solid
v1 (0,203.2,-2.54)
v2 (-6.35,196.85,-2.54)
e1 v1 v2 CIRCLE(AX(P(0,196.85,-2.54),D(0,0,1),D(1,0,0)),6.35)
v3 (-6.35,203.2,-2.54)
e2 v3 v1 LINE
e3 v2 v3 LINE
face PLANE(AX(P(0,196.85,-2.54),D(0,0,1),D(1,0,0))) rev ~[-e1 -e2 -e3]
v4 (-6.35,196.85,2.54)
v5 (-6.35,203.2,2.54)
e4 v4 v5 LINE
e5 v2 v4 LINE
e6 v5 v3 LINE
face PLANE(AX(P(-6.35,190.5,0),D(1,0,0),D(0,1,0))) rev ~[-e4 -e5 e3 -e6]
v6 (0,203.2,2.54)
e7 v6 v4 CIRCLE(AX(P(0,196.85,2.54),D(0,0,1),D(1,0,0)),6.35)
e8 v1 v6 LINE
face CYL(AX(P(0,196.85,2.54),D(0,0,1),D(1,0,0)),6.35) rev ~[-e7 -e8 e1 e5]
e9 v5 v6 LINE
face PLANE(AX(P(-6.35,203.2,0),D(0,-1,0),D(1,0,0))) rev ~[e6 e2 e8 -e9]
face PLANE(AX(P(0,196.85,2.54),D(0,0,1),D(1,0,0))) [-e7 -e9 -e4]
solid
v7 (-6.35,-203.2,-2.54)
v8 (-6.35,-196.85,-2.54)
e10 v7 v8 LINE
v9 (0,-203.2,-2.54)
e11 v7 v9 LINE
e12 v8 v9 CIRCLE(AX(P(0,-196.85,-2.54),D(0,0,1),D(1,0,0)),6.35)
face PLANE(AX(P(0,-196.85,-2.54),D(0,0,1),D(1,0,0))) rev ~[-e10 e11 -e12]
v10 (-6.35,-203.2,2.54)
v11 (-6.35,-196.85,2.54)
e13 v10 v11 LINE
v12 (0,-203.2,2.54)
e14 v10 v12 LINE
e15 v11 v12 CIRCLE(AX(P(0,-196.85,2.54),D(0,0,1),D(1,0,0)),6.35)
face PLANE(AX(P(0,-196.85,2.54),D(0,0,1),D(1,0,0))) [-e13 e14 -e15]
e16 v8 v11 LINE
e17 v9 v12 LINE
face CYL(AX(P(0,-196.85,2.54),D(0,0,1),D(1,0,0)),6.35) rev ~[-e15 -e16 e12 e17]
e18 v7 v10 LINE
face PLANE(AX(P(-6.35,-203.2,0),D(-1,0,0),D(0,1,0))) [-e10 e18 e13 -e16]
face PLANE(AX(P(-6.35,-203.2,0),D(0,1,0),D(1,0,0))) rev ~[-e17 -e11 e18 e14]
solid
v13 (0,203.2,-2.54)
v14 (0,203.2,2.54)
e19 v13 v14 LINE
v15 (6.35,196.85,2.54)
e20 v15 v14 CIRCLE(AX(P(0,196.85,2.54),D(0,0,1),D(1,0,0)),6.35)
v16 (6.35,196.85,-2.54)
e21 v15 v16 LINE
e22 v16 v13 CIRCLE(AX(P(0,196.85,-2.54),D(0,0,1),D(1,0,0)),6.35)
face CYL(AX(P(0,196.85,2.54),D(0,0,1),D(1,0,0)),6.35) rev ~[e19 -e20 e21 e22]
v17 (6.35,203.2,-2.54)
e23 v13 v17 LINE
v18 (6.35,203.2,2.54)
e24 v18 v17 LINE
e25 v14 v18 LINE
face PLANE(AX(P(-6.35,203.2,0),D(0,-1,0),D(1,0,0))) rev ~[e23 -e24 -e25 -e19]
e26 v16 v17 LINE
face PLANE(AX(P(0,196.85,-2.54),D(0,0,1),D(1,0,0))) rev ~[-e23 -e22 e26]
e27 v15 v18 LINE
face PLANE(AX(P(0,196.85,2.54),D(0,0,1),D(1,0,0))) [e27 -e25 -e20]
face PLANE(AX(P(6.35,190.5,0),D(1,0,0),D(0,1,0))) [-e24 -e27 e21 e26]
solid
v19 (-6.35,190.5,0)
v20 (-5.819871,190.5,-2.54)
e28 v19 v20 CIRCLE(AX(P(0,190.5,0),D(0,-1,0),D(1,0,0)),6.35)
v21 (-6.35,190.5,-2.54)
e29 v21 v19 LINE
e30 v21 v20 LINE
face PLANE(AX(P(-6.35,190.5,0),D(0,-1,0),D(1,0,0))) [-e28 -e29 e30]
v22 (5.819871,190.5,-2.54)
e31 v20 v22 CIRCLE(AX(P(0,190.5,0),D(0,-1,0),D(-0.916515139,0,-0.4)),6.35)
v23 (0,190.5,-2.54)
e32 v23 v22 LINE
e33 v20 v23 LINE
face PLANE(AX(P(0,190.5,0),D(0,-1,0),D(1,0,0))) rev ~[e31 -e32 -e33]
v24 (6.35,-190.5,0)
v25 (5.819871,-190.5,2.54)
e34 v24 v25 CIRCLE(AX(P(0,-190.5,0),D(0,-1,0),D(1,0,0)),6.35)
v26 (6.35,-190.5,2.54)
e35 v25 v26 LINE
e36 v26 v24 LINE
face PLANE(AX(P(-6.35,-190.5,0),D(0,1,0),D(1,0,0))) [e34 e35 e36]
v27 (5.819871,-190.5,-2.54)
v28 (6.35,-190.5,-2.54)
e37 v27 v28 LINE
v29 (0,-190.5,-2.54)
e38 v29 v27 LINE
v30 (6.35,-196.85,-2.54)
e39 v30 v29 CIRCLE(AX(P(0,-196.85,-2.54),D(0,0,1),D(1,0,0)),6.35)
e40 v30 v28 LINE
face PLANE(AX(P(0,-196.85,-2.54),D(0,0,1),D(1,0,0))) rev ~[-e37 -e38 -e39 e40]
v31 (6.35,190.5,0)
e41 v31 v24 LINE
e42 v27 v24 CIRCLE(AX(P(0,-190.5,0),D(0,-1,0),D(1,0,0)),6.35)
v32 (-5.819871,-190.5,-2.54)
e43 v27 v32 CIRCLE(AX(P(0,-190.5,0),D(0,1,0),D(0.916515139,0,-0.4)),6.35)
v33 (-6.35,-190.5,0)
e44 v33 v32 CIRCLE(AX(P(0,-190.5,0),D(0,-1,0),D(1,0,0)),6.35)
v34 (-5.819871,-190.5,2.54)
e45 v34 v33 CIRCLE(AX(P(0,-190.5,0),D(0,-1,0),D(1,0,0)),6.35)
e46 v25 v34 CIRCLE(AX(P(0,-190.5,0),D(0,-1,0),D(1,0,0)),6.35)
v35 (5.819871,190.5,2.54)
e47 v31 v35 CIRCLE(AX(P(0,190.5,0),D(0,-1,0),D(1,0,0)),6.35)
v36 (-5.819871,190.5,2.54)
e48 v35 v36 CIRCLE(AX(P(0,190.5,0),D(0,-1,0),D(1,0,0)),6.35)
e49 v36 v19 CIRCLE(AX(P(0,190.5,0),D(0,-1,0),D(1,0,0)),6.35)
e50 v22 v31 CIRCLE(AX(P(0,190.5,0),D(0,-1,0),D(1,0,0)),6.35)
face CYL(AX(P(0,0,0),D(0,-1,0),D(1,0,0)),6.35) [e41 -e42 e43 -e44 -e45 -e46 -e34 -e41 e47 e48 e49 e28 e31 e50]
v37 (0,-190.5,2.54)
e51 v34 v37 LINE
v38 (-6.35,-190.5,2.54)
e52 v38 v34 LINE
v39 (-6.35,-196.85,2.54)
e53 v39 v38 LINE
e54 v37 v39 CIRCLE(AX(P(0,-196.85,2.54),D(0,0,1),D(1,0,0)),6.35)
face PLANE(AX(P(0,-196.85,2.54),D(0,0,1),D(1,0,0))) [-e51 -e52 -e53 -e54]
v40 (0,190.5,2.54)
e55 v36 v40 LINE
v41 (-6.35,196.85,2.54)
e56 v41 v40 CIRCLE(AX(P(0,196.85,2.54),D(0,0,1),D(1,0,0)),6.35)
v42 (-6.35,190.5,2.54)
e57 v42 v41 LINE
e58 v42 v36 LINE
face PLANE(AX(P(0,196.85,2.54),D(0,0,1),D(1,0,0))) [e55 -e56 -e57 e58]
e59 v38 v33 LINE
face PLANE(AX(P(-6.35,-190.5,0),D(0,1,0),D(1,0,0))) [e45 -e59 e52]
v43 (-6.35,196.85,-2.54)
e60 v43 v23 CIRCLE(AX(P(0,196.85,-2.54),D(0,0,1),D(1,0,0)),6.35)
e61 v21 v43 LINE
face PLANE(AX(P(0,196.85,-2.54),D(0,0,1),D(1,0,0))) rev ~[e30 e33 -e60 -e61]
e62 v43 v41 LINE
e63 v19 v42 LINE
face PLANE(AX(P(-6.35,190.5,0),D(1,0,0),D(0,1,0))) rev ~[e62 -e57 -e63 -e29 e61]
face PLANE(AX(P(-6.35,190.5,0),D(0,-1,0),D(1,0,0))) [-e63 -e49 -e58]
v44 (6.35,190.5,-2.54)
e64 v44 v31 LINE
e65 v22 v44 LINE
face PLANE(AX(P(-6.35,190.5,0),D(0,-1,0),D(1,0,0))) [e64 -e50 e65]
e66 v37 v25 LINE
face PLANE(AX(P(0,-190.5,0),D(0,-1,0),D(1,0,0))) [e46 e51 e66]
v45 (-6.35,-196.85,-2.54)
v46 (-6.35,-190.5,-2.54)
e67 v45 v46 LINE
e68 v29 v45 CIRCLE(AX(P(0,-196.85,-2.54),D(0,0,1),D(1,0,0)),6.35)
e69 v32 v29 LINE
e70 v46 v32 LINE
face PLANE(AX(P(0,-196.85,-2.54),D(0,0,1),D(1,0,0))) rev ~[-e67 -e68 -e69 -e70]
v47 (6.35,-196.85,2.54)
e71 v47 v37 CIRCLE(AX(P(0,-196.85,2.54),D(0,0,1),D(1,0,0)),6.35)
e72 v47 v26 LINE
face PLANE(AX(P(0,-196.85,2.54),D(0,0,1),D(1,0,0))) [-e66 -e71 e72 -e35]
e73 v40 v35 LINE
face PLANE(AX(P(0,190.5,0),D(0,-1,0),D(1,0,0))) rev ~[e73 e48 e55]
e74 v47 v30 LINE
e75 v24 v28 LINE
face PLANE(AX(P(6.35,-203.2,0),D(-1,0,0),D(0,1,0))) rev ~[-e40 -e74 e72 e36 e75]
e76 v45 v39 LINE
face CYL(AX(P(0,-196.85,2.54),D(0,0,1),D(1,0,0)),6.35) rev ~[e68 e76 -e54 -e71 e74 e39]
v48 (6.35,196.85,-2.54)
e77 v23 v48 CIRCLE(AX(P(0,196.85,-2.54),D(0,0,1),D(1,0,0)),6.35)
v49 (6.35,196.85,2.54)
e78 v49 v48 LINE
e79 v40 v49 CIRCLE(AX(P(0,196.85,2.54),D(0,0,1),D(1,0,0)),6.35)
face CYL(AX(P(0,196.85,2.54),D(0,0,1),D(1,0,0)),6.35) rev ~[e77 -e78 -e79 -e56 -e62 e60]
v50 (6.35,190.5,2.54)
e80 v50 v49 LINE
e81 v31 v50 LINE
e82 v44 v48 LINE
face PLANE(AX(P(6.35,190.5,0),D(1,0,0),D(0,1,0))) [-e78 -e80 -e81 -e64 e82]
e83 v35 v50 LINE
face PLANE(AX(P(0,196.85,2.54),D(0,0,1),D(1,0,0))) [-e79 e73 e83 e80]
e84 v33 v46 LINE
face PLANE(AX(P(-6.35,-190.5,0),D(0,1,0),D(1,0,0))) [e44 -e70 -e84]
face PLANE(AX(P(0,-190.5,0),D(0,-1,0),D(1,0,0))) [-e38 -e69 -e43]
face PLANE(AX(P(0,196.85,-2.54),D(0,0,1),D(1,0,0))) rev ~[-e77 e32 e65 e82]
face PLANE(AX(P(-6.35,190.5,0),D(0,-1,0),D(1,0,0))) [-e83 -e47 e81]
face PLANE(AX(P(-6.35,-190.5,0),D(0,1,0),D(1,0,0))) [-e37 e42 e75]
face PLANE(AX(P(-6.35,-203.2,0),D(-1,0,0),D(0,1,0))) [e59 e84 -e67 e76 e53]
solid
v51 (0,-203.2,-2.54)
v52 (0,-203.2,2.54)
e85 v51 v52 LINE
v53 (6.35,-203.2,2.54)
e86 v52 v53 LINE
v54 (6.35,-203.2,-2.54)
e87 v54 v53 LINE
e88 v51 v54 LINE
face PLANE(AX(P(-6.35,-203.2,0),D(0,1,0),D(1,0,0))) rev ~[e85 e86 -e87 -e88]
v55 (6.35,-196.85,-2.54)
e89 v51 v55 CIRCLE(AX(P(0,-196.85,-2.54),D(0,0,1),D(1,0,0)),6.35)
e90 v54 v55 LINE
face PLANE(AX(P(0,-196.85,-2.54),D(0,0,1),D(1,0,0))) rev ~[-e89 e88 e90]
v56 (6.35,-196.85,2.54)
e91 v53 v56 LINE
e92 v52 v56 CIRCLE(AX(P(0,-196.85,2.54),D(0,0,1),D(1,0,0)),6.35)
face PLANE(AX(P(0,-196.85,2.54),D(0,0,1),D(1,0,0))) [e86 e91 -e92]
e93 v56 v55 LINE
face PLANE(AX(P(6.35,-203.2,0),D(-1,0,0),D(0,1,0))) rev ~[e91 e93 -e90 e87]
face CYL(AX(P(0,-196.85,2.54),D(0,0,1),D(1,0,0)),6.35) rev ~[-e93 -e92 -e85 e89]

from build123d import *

# Parameters (mm, degrees)
F0_R     = 6.35
F1_DEPTH = 190.5
F2_W     = 12.7
F2_H     = 12.7
F3_DEPTH = 2.54
F4_R     = 6.35
F5_DEPTH = 8.891


with BuildPart() as f1:
    # F0 (on Front) → F1 (new body, symmetric)
    with BuildSketch(Plane.XZ):
        Circle(F0_R)
    extrude(amount=F1_DEPTH, both=True)

    # F2 (on Top) → F3 (join, symmetric)
    with BuildSketch(Plane.XY):
        with Locations((0, -196.85)):
            Rectangle(F2_W, F2_H)
        with Locations((0, 196.85)):
            Rectangle(F2_W, F2_H)
    extrude(amount=F3_DEPTH, both=True)

    # F4 (on face) → F5 (cut, through all)
    with BuildSketch(Plane.XY.offset(2.54)):
        with Locations((0, 196.85)):
            Circle(F4_R)
        with Locations((0, -196.85)):
            Circle(F4_R)
    extrude(amount=-F5_DEPTH, mode=Mode.SUBTRACT)


solid = f1.part
